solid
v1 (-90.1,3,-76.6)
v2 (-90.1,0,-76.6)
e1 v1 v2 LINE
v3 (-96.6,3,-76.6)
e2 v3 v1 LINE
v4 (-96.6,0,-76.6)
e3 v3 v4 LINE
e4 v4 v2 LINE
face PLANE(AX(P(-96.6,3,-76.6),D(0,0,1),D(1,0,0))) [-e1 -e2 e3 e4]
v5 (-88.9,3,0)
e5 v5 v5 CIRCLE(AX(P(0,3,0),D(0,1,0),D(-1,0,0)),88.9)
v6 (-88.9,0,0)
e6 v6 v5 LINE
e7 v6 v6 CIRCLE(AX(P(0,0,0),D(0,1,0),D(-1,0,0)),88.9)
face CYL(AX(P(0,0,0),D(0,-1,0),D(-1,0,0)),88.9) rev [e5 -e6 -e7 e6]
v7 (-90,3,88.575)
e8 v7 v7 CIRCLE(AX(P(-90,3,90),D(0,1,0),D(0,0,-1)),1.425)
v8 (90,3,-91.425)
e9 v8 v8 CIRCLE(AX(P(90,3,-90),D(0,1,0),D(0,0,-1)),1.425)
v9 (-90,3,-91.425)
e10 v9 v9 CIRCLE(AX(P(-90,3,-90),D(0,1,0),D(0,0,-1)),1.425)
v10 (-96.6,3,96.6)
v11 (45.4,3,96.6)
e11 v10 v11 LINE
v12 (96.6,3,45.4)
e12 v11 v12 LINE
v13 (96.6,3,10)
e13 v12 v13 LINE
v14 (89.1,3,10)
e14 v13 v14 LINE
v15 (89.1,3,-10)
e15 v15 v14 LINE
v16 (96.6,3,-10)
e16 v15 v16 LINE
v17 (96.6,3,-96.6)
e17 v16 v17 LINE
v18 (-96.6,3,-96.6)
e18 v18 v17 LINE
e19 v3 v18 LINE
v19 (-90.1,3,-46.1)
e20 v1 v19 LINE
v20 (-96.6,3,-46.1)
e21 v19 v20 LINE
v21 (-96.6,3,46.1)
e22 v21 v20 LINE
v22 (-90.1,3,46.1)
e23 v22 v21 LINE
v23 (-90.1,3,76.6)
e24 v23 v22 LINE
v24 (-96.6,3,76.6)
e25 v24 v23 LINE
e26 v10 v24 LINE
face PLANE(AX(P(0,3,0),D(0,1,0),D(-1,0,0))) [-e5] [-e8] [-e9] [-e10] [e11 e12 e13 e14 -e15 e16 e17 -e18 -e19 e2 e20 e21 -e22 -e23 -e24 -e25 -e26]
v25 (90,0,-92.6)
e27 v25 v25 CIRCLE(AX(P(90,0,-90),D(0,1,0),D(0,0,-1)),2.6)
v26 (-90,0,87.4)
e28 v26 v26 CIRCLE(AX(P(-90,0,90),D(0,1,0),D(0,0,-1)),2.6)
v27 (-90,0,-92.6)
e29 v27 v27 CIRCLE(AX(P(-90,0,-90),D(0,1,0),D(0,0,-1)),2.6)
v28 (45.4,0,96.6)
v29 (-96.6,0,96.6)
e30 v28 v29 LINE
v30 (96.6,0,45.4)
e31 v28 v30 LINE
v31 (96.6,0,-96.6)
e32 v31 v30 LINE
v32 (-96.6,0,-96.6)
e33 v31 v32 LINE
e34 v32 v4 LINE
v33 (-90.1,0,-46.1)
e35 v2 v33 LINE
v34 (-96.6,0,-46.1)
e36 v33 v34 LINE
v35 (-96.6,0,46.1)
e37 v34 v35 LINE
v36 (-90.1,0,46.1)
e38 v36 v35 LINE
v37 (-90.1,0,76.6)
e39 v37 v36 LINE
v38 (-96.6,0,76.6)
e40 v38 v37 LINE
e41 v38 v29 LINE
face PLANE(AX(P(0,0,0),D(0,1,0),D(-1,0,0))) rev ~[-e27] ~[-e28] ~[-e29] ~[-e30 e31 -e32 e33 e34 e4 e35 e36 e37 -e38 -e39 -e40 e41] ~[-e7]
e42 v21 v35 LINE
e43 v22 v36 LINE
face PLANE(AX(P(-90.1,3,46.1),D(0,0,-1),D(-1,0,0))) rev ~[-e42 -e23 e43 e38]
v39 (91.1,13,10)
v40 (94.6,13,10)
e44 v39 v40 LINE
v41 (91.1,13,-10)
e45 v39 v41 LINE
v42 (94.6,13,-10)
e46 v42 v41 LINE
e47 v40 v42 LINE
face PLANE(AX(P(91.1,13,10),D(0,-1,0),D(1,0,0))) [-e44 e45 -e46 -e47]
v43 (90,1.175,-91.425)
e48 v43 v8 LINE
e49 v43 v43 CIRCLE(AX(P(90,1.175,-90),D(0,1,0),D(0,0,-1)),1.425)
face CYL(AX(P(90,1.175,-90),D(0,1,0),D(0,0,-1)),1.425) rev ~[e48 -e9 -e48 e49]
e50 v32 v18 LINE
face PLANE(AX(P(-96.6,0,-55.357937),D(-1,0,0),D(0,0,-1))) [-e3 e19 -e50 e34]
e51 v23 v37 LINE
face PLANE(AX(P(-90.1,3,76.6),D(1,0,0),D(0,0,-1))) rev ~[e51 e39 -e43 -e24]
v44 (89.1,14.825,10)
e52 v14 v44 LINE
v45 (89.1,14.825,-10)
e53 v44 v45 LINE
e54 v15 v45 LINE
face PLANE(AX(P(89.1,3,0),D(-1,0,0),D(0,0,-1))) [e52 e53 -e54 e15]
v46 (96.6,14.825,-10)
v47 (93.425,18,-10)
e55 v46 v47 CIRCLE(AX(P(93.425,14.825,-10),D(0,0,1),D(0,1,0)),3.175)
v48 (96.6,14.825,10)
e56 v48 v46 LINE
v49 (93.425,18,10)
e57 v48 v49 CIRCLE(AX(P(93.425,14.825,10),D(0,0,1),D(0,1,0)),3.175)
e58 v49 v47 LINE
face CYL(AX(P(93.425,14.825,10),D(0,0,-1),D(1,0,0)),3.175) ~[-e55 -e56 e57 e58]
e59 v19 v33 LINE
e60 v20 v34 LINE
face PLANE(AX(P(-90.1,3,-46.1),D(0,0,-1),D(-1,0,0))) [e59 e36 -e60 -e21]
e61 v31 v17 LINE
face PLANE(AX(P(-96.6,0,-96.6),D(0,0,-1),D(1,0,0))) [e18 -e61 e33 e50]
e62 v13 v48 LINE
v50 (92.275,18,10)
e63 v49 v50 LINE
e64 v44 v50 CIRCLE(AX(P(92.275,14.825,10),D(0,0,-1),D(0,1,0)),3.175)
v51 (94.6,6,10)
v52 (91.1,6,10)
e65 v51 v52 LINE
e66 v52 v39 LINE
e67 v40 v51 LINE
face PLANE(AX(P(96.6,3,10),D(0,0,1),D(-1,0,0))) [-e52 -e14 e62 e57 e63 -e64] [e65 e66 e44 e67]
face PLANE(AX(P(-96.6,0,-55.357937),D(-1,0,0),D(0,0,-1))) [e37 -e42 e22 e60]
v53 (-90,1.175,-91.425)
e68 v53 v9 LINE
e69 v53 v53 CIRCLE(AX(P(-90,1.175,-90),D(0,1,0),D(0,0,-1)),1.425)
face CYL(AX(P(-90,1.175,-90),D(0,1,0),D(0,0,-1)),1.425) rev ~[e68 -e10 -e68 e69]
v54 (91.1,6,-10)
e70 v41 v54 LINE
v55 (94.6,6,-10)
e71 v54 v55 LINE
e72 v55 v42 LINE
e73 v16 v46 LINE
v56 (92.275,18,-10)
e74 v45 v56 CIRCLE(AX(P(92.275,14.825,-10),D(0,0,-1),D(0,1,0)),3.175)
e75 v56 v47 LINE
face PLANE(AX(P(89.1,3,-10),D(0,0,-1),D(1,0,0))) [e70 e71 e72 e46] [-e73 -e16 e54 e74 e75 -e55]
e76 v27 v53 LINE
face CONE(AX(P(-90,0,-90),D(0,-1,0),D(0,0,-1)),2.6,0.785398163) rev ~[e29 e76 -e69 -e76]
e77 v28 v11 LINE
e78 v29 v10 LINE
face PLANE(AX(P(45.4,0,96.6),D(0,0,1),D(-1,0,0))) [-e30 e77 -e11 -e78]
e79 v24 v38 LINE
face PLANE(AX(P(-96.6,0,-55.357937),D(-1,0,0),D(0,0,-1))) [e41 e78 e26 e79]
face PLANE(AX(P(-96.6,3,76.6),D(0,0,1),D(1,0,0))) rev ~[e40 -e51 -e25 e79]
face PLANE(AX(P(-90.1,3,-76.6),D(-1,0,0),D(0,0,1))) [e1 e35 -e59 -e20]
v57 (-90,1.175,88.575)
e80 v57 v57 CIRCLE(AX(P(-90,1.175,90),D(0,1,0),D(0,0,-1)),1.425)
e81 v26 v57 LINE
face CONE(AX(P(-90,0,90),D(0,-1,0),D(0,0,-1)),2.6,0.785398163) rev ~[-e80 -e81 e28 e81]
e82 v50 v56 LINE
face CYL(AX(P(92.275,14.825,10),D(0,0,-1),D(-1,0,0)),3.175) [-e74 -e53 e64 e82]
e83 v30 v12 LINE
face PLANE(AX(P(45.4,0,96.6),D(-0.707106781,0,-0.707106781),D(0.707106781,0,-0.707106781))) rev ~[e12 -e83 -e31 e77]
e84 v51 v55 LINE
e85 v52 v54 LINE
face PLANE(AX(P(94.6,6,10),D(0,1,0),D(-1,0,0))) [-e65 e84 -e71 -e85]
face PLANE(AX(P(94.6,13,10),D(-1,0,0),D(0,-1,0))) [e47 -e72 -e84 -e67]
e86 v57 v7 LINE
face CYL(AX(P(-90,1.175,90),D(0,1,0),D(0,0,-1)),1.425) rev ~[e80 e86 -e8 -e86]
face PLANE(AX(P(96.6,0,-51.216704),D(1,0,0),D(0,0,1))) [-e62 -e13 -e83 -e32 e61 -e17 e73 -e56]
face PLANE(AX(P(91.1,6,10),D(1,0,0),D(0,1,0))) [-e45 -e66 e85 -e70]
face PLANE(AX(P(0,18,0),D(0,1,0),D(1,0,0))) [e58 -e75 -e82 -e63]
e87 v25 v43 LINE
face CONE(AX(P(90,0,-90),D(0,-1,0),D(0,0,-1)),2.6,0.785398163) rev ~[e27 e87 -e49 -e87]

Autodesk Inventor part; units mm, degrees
ref_plane "YZ Plane" through (0, 0, 0) normal (1, 0, 0) x (0, 1, 0)
ref_plane "XZ Plane" through (0, 0, 0) normal (0, 1, 0) x (-1, 0, 0)
ref_plane "XY Plane" through (0, 0, 0) normal (0, 0, 1) x (1, 0, 0)
sketch "Sketch1" plane through (0, 0, 0) normal (0, 1, 0) x (-1, 0, 0)
  line L0 (101.6, -101.6) -> (-101.6, -101.6)
  line L1 (-101.6, -101.6) -> (-101.6, 101.6)
  line L2 (-101.6, 101.6) -> (101.6, 101.6)
  line L3 (101.6, 101.6) -> (101.6, -101.6)
  line L4 (96.6, -96.6) -> (-96.6, -96.6)
  line L5 (-96.6, -96.6) -> (-96.6, 96.6)
  line L6 (-96.6, 96.6) -> (96.6, 96.6)
  line L7 (96.6, 96.6) -> (96.6, -96.6)
  line L8 (101.6, 101.6) -> (-40.4, 101.6)
  circle A0 centre (0, 0) radius 88.9
  circle A1 centre (0, 0) radius 109.3376
  line L9 (-40.4, 101.6) -> (-101.6, 40.4)
  line L10 (-45.4, 101.6) -> (-101.6, 45.4)
  line L11 (96.6, 96.6) -> (96.6, 101.6)
  line L12 (-45.4, 101.6) -> (-35.4, 101.6)
  line L13 (-35.4, 101.6) -> (-35.4, 96.6)
  line L14 (-35.4, 96.6) -> (-45.4, 96.6)
  line L15 (-45.4, 96.6) -> (-45.4, 101.6)
  circle A2 centre (0, 0) radius 111.3376
  point P0 (96.6, 51.2168)
  point P1 (101.6, 40.4)
  point P2 (101.6, -40.4)
  point P3 (96.6, -51.2168)
  point P4 (-96.6, 45.4)
  point P5 (-45.4, 96.6)
  dimension "d0" = 203.2
  dimension "d1" = 203.2
  dimension "d2" = 101.6
  dimension "d3" = 101.6
  dimension "d4" = 5
  dimension "d5" = 5
  dimension "d6" = 5
  dimension "d7" = 5
  dimension "d10" = 142
  dimension "d12" = 61.2
  dimension "d14" = 177.8
  dimension "d15" = 5
  dimension "d16" = 5
  dimension "d17" = 10
  dimension "d34" = 2
extrude "Extrusion1" add sketch "Sketch1" along normal blind 3 contours A2 L7 L4 | L4 A1 L7 A2 | L4 A1 L5 L9 L6 L7 | A2 L5 A1 L4 | L4 L5 A2 | A1 L6 A2 L7 | A2 L6 L7
sketch "Sketch5" plane through (0, 3, 0) normal (0, 1, 0) x (1, 0, 0)
  line L0 (-96.6, -96.6) -> (45.4, -96.6) projected
  circle A0 centre (0, 0) radius 88.9 projected
  line L1 (96.6, -45.4) -> (96.6, 96.6) projected
  line L2 (96.6, 0) -> (89.1, 0)
  line L3 (89.1, 0) -> (89.1, 10)
  line L4 (89.1, 10) -> (96.6, 10)
  line L5 (96.6, 10) -> (96.6, 0)
  line L6 (89.1, 0) -> (96.6, 0)
  line L7 (96.6, 0) -> (96.6, -10)
  line L8 (96.6, -10) -> (89.1, -10)
  line L9 (89.1, -10) -> (89.1, 0)
  line L10 (0, 0) -> (96.6, 0)
  point P0 (10, -96.6)
  dimension "d52" = 7.5
  dimension "d53" = 7.5
  dimension "d54" = 10
  dimension "d55" = 10
extrude "Extrusion4" add sketch "Sketch5" along normal blind 15 contours L3 L4 L1 L2 | L2 L1 L8 L9
sketch "Sketch7" plane through (89.1, 3, 10) normal (0, 0, 1) x (1, 0, 0)
  line L0 (2, 10) -> (5.5, 10)
  line L1 (5.5, 10) -> (5.5, 3)
  line L2 (5.5, 3) -> (2, 3)
  line L3 (2, 3) -> (2, 10)
  line L4 (7.5, 0) -> (7.5, 15)
  line L5 (0, 0) -> (0, 15)
  line L6 (0, 15) -> (7.5, 15)
  point P0 (-89.1, -3)
  dimension "d56" = 3.5
  dimension "d57" = 2
  dimension "d58" = 2
  dimension "d59" = 5
  dimension "d60" = 7
extrude "Extrusion6" cut sketch "Sketch7" against normal through all
fillet "Fillet7" radius 3.175 2 edges at (96.6, 18, 0) (89.1, 18, 0)
sketch "Sketch8" plane through (0, 3, 0) normal (0, 1, 0) x (1, 0, 0)
  arc A0 (-101.6, -98.425) -> (-98.425, -101.6) centre (-98.425, -98.425) ccw
  line L0 (44.0849, 101.6) -> (-98.425, 101.6)
  line L1 (-101.6, 98.425) -> (-101.6, -98.425)
  line L2 (-101.6, -46.1) -> (-101.6, -76.6)
  line L3 (-96.6, -96.6) -> (-96.6, 96.6)
  line L4 (-96.6, -46.1) -> (-96.6, -76.6)
  line L5 (-101.6, -76.6) -> (-96.6, -76.6)
  line L6 (-101.6, -46.1) -> (-96.6, -46.1)
  line L7 (-98.425, -101.6) -> (101.6, -101.6)
  line L8 (0, 0) -> (-101.6, 0)
  line L9 (-101.6, 46.1) -> (-101.6, 76.6)
  line L10 (-96.6, 46.1) -> (-96.6, 76.6)
  line L11 (-101.6, 76.6) -> (-96.6, 76.6)
  line L12 (-101.6, 46.1) -> (-96.6, 46.1)
  line L13 (-96.6, -76.6) -> (-90.1, -76.6)
  line L14 (-90.1, -76.6) -> (-90.1, -46.1)
  line L15 (-90.1, -46.1) -> (-96.6, -46.1)
  line L16 (-96.6, -46.1) -> (-96.6, -76.6)
  arc A1 (-98.425, 101.6) -> (-101.6, 98.425) centre (-98.425, 98.425) ccw
  line L17 (-101.6, 46.1) -> (-101.6, 76.6)
  line L18 (-96.6, 46.1) -> (-96.6, 76.6)
  line L19 (-101.6, 76.6) -> (-96.6, 76.6)
  line L20 (-101.6, 46.1) -> (-96.6, 46.1)
  line L21 (-96.6, 76.6) -> (-90.1, 76.6)
  line L22 (-90.1, 76.6) -> (-90.1, 46.1)
  line L23 (-90.1, 46.1) -> (-96.6, 46.1)
  line L24 (-96.6, 46.1) -> (-96.6, 76.6)
  point P0 (-98.425, 98.425)
  point P1 (46.1, 101.6)
  point P2 (46.1, 96.6)
  point P3 (76.6, 96.6)
  point P4 (76.6, 101.6)
  point P5 (-46.1, 96.6)
  dimension "d64" = 30.5
  dimension "d65" = 25
  dimension "d66" = 6.5
extrude "Extrusion7" cut sketch "Sketch8" against normal through all contours L21 L22 L23 L3 | L15 L14 L13 L3
sketch "Sketch10" plane through (0, 0, 0) normal (0, -1, 0) x (1, 0, 0)
  line L0 (-90, -90) -> (-90, 90)
  line L1 (-90, 90) -> (90, 90)
  line L2 (90, 90) -> (90, -90)
  line L3 (90, -90) -> (-90, -90)
  circle A0 centre (-90, -90) radius 1
  circle A1 centre (-90, 90) radius 1
  circle A2 centre (90, -90) radius 1
  point P0 (0, 0)
  point P1 (0, 0)
  dimension "d76" = 90
  dimension "d77" = 90
  dimension "d78" = 90
  dimension "d79" = 90
  dimension "d80" = 2
  dimension "d81" = 2
  dimension "d82" = 2
hole "Hole1" at (90, 0, -90) at (-90, 0, 90) at (-90, 0, -90) direction (0, 1, 0) diameter 2.85 depth 4 tip angle 118 countersink diameter 5.2 countersink angle 90 thread size "M3.5x0.6" class "6H" standard "ANSI Metric M Profile"
equation "\"d1\" = d0"
equation "\"d2\" = 0.5 * d0"
equation "\"d3\" = 0.5 * d0"
properties part number "Box_Walls_2"
